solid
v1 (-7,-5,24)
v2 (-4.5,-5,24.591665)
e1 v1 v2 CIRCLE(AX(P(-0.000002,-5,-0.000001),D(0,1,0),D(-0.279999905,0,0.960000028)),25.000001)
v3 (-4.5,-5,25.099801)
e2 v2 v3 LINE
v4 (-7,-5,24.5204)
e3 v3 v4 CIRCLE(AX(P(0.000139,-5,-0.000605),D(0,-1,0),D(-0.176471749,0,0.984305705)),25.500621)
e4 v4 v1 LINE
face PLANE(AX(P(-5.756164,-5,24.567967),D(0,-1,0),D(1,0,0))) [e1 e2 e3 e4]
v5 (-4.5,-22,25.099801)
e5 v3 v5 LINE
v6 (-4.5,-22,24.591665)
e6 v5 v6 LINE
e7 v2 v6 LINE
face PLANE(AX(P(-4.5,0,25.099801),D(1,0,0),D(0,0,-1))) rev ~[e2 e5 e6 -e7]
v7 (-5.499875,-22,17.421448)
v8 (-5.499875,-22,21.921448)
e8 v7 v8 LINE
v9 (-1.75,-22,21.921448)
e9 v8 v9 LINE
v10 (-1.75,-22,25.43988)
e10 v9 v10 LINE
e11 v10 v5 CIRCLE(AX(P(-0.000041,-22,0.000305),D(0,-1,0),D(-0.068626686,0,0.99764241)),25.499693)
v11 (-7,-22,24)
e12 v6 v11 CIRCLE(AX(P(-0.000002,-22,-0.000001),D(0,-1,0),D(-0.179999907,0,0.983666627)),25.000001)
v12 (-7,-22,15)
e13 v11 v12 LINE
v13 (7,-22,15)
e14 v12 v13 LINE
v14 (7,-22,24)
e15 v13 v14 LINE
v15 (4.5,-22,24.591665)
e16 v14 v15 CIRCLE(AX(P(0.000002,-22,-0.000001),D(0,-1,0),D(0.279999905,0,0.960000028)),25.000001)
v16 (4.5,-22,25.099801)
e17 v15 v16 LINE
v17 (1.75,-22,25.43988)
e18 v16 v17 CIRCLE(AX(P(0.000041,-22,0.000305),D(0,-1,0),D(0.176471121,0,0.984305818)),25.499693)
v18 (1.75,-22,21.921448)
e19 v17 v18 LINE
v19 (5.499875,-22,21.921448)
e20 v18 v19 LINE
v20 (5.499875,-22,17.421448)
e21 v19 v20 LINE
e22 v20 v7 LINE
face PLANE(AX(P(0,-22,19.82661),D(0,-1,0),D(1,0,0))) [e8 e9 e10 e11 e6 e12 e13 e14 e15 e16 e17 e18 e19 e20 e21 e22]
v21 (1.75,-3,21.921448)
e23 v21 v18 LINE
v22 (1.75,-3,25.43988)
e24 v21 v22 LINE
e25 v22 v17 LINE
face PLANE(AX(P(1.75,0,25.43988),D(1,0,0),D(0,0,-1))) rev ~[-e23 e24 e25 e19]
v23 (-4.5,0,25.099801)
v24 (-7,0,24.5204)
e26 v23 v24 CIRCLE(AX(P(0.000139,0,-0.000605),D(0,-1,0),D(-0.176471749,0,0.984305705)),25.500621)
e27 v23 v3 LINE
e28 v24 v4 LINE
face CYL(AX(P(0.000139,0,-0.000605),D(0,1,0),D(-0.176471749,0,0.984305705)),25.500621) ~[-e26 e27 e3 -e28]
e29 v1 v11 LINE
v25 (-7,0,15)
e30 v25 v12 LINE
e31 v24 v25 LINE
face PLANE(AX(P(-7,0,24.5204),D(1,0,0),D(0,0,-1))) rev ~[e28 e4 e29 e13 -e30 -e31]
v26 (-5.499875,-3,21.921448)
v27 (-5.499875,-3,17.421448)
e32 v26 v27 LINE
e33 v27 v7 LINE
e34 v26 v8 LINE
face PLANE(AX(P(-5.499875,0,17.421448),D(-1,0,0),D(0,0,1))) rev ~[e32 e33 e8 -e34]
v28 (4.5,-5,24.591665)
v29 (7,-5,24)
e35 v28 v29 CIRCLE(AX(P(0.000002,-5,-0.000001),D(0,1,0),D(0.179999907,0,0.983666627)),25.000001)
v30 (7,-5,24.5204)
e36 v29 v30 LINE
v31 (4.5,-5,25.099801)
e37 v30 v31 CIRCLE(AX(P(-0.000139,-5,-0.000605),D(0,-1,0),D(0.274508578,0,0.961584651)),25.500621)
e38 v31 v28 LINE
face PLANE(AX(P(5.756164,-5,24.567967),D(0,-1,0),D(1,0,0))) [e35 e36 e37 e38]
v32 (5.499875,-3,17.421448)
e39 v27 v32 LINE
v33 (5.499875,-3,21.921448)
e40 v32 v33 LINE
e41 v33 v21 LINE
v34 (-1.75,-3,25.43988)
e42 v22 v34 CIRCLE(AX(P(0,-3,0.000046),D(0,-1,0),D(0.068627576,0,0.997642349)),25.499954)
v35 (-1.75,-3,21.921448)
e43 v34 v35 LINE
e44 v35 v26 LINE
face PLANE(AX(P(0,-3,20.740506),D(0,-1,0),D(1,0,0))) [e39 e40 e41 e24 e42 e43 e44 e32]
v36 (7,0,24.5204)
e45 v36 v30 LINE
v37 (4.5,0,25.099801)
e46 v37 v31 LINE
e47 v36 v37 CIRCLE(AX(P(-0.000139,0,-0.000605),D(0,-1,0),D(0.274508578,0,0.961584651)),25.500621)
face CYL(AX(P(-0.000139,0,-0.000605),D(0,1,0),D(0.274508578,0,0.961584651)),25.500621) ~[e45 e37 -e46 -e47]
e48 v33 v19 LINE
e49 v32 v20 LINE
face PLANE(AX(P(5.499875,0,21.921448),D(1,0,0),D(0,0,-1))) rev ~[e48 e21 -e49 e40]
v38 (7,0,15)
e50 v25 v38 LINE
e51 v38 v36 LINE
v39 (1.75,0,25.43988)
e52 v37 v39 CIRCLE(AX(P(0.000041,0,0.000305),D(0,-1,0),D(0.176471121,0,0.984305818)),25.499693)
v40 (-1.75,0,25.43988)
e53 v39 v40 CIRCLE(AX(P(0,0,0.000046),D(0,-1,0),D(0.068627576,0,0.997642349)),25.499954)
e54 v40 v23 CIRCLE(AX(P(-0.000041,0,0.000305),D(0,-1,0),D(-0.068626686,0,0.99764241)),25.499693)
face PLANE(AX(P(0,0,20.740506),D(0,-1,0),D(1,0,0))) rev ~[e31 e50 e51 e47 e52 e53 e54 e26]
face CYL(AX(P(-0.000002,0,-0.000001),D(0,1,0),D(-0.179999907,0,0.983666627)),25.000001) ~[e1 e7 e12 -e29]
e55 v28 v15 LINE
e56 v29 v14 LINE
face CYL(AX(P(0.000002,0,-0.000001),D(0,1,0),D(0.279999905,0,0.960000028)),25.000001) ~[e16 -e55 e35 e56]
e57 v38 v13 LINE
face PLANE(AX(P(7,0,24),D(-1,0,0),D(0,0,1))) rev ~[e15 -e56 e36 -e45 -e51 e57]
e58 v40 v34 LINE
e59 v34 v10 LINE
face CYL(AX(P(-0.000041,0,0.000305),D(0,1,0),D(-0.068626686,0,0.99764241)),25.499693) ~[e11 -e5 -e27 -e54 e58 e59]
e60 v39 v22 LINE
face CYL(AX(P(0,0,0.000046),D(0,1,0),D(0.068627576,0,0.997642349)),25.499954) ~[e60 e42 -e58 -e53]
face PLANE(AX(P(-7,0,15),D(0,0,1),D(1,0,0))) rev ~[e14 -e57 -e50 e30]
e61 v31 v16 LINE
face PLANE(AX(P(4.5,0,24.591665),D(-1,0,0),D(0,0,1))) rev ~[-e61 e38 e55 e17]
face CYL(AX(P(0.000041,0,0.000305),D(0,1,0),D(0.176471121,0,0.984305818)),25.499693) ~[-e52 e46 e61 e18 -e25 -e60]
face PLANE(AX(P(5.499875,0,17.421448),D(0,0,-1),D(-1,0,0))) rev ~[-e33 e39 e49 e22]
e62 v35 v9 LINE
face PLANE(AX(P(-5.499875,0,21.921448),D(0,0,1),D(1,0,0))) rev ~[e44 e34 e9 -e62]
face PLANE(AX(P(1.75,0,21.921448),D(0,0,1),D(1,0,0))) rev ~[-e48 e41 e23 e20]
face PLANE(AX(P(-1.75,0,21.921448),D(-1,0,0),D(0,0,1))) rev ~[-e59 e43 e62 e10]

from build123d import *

# Parameters (mm, degrees)
F1_DEPTH = 22
F2_DEPTH = 5
F3_DEPTH = 5
F4_DEPTH = 3


with BuildPart() as f1:
    # F0 (on Front) → F1 (new body)
    with BuildSketch(Plane.XZ):
        with BuildLine():
            Line((4.5, 24.591665), (4.5, 25.099801))
            ThreePointArc((4.5, 25.099801), (3.129623, 25.307222), (1.75, 25.43988))
            Line((1.75, 25.43988), (1.75, 21.921448))
            Line((1.75, 21.921448), (2, 21.921448))
            Line((2, 21.921448), (5.499875, 21.921448))
            Line((5.499875, 21.921448), (5.499875, 17.421448))
            Line((5.499875, 17.421448), (0, 17.421448))
            Line((0, 17.421448), (-5.499875, 17.421448))
            Line((-5.499875, 17.421448), (-5.499875, 21.921448))
            Line((-5.499875, 21.921448), (-2, 21.921448))
            Line((-2, 21.921448), (-1.75, 21.921448))
            Line((-1.75, 21.921448), (-1.75, 25.43988))
            ThreePointArc((-1.75, 25.43988), (-3.129623, 25.307222), (-4.5, 25.099801))
            Line((-4.5, 25.099801), (-4.5, 24.591665))
            ThreePointArc((-4.5, 24.591665), (-5.757605, 24.327967), (-7, 24))
            Line((-7, 24), (-7, 15))
            Line((-7, 15), (0, 15))
            Line((0, 15), (7, 15))
            Line((7, 15), (7, 24))
            ThreePointArc((7, 24), (5.757605, 24.327967), (4.5, 24.591665))
        make_face()
    extrude(amount=F1_DEPTH)

    # F0 (on Front) → F2 (join)
    with BuildSketch(Plane.XZ):
        with BuildLine():
            Line((-4.5, 24.591665), (-4.5, 25.099801))
            ThreePointArc((-4.5, 25.099801), (-5.757293, 24.841569), (-7, 24.5204))
            Line((-7, 24.5204), (-7, 24))
            ThreePointArc((-7, 24), (-5.757605, 24.327967), (-4.5, 24.591665))
        make_face()
    extrude(amount=F2_DEPTH)

    # F0 (on Front) → F3 (join)
    with BuildSketch(Plane.XZ):
        with BuildLine():
            Line((7, 24), (7, 24.5204))
            ThreePointArc((7, 24.5204), (5.757293, 24.841569), (4.5, 25.099801))
            Line((4.5, 25.099801), (4.5, 24.591665))
            ThreePointArc((4.5, 24.591665), (5.757605, 24.327967), (7, 24))
        make_face()
    extrude(amount=F3_DEPTH)

    # F0 (on Front) → F4 (join)
    with BuildSketch(Plane.XZ):
        with BuildLine():
            Line((1.75, 21.921448), (1.75, 25.43988))
            ThreePointArc((1.75, 25.43988), (0, 25.5), (-1.75, 25.43988))
            Line((-1.75, 25.43988), (-1.75, 21.921448))
            Line((-1.75, 21.921448), (-2, 21.921448))
            Line((-2, 21.921448), (-5.499875, 21.921448))
            Line((-5.499875, 21.921448), (-5.499875, 17.421448))
            Line((-5.499875, 17.421448), (0, 17.421448))
            Line((0, 17.421448), (5.499875, 17.421448))
            Line((5.499875, 17.421448), (5.499875, 21.921448))
            Line((5.499875, 21.921448), (2, 21.921448))
            Line((2, 21.921448), (1.75, 21.921448))
        make_face()
    extrude(amount=F4_DEPTH)


solid = f1.part
